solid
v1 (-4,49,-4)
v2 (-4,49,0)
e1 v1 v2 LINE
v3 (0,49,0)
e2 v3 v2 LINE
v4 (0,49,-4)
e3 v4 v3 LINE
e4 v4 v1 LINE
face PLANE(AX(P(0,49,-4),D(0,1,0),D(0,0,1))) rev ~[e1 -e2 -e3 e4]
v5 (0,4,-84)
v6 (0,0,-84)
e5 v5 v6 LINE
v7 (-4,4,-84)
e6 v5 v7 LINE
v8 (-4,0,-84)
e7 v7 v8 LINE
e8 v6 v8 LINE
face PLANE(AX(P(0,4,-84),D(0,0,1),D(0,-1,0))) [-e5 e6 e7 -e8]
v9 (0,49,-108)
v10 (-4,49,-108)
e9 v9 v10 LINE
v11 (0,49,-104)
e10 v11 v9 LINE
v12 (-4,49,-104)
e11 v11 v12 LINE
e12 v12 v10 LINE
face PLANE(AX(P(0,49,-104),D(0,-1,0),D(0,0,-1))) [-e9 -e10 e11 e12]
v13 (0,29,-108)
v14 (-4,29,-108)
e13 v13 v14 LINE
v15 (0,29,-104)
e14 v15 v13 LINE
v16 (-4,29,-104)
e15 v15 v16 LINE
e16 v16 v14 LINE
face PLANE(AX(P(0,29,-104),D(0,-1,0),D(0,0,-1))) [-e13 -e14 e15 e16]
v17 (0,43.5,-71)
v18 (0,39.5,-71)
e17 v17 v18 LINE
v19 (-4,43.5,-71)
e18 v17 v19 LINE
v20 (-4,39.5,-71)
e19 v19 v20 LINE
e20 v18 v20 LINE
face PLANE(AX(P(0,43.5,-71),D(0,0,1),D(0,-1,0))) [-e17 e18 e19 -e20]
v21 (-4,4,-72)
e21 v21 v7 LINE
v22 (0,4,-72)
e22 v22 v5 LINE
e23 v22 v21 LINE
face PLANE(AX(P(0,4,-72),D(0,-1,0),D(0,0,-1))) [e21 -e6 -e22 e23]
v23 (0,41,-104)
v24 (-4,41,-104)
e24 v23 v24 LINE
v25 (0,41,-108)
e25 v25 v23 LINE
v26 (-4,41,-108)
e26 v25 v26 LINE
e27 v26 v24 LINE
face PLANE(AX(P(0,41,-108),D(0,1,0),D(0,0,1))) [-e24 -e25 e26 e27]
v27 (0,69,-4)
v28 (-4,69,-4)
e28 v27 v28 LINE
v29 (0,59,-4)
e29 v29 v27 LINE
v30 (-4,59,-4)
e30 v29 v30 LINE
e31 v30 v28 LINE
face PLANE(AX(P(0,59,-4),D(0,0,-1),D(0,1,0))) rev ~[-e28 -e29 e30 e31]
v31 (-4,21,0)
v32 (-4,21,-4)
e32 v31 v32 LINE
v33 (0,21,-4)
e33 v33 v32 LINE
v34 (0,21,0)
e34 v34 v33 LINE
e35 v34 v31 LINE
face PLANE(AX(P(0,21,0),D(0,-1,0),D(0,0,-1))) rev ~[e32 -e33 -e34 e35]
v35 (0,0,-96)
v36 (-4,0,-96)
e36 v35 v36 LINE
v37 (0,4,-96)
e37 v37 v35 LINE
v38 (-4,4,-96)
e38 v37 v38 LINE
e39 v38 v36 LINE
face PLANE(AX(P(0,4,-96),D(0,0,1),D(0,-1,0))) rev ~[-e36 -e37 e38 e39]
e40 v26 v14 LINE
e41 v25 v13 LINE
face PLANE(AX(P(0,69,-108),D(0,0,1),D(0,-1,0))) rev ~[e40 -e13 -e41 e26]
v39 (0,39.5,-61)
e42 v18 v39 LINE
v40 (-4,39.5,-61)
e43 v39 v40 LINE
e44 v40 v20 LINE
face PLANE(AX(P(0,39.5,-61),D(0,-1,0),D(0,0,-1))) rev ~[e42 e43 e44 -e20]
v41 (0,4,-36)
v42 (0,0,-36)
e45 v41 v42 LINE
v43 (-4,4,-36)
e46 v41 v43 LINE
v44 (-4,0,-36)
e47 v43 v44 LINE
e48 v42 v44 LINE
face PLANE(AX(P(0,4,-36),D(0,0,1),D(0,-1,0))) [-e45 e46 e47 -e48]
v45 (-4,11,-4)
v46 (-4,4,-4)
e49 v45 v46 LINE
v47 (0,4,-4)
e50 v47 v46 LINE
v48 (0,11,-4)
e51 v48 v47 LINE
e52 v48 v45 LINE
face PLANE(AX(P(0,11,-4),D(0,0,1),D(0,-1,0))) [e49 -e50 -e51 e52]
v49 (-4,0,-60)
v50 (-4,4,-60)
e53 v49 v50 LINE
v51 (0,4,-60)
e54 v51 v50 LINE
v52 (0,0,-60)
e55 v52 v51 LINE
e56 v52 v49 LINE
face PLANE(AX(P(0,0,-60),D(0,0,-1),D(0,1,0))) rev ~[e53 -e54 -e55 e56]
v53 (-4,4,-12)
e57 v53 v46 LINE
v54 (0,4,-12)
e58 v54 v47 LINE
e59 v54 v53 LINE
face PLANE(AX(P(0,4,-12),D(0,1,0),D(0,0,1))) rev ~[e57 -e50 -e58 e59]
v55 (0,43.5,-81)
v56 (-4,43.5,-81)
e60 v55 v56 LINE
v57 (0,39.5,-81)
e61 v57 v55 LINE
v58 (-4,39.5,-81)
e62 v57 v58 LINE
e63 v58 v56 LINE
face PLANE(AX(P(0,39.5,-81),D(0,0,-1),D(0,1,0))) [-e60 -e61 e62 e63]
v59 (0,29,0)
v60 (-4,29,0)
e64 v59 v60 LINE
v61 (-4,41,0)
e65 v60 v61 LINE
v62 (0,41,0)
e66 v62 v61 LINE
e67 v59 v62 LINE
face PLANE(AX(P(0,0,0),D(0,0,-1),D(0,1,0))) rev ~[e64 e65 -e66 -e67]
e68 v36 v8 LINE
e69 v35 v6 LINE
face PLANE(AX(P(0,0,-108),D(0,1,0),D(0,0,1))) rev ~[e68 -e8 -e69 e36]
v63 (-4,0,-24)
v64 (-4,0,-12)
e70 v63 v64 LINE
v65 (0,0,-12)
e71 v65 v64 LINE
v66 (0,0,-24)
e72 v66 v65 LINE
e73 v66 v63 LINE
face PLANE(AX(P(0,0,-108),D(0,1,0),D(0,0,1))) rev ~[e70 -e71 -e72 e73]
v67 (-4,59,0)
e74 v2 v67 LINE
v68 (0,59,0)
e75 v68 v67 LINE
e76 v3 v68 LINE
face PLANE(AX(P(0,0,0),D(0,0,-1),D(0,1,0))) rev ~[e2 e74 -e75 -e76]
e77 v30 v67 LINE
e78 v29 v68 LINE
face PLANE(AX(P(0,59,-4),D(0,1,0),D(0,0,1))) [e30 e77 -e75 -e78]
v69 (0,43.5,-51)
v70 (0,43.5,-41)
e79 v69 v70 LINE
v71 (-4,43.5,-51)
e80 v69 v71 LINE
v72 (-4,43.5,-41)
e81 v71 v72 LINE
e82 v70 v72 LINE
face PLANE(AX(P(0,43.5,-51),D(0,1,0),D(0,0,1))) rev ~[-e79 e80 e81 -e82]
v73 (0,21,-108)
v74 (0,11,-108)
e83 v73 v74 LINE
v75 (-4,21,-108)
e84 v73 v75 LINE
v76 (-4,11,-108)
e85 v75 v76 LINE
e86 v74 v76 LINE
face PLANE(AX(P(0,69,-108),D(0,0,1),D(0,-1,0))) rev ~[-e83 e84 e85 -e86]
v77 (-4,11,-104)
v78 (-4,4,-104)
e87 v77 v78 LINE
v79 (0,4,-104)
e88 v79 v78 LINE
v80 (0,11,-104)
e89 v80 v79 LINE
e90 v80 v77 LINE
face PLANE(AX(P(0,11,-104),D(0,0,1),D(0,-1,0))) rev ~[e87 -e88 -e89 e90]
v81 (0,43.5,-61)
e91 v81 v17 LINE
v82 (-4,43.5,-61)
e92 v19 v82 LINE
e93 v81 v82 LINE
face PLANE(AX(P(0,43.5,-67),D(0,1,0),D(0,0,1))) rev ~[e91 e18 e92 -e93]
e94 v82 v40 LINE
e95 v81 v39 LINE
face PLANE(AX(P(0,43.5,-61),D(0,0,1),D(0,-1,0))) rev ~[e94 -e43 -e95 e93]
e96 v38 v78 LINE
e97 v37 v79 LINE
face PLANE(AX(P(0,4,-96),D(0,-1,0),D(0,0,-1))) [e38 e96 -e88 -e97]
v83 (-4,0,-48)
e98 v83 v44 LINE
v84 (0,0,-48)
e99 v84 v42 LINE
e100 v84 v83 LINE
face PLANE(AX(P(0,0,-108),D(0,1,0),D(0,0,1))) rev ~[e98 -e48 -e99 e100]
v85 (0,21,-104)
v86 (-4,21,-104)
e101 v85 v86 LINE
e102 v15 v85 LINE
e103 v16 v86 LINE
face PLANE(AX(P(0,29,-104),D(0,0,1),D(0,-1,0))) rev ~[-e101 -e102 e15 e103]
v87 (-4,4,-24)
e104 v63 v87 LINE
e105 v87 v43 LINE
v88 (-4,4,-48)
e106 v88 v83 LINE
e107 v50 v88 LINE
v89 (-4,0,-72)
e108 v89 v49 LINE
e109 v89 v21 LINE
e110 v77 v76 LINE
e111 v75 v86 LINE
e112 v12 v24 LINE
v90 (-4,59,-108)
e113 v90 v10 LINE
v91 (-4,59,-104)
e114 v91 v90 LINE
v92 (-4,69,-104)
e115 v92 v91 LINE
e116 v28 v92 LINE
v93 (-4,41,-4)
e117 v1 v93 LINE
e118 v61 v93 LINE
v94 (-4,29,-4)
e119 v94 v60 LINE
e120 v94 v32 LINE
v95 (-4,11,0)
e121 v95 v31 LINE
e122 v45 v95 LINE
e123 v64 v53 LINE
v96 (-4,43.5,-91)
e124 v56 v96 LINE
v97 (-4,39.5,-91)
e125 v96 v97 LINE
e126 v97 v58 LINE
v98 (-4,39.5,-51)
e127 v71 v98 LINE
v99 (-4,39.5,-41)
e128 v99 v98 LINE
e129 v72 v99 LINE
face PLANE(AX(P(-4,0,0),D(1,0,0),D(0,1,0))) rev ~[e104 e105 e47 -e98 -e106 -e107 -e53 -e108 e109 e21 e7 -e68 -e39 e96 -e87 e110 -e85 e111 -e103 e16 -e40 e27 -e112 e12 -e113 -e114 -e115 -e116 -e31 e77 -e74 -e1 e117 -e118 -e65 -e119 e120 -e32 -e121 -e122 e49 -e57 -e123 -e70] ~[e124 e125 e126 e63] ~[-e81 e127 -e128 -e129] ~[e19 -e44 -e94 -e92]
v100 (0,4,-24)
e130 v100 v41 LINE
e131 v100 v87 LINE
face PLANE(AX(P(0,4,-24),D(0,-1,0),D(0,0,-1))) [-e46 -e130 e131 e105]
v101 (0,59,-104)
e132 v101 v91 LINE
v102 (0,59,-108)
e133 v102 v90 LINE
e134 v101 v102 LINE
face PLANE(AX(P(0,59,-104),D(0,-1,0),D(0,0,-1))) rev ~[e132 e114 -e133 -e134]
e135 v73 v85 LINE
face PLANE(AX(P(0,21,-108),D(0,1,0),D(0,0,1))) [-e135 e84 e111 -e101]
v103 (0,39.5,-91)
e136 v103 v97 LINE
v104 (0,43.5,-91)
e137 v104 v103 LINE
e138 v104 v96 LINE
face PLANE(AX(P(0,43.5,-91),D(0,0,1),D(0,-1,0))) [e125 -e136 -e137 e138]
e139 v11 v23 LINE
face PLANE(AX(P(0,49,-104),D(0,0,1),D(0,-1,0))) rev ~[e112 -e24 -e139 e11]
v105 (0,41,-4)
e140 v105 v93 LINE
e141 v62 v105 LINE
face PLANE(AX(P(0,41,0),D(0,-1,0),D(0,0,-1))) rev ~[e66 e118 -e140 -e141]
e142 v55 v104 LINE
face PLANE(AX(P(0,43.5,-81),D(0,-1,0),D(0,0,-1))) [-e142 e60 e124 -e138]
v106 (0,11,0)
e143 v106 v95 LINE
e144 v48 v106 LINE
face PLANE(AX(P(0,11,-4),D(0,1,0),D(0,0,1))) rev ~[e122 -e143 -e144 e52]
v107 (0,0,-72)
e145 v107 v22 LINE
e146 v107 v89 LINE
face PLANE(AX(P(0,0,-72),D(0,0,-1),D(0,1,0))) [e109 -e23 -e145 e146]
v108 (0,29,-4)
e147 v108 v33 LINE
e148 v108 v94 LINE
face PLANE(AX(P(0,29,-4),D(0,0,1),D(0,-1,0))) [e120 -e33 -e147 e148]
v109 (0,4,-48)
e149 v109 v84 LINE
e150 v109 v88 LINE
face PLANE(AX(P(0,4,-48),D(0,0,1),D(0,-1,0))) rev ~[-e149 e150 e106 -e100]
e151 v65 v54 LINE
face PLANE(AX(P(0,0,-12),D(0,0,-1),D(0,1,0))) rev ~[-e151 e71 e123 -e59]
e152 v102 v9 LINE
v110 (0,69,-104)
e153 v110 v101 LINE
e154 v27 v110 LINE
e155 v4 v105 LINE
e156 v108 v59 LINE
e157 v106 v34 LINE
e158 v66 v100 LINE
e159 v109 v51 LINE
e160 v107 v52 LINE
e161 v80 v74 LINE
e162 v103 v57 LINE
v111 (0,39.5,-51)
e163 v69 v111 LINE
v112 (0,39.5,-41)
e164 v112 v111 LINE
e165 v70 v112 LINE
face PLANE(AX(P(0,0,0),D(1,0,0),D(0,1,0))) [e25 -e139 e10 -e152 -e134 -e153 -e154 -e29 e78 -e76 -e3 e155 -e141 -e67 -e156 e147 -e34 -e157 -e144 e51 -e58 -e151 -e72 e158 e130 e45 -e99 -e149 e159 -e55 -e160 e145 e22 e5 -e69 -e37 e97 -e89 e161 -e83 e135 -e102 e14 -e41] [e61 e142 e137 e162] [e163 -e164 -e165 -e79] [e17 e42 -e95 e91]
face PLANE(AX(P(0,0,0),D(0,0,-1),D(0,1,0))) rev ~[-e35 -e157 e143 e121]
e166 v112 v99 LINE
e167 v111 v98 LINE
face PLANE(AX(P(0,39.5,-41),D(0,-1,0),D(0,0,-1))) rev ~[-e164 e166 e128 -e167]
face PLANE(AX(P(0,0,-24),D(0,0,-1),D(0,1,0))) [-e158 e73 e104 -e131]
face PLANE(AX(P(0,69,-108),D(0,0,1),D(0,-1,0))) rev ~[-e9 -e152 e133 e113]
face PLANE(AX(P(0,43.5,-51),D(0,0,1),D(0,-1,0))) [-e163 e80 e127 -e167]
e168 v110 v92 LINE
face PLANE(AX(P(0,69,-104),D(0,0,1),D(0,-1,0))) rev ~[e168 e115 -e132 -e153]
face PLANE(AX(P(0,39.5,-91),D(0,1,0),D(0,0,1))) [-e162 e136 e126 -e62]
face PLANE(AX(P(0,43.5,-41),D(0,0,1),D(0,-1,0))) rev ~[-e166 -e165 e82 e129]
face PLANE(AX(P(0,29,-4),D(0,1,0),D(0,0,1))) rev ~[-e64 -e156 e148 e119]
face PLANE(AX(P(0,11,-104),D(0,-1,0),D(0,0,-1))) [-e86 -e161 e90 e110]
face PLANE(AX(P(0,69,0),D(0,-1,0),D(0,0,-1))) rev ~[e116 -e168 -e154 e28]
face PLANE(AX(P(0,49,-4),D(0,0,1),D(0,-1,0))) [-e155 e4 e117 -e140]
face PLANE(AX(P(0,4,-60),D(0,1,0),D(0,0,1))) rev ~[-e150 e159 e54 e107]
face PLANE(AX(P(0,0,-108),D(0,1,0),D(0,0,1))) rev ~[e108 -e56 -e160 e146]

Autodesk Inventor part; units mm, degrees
ref_plane "YZ Plane" through (0, 0, 0) normal (1, 0, 0) x (0, 1, 0)
ref_plane "XZ Plane" through (0, 0, 0) normal (0, 1, 0) x (-1, 0, 0)
ref_plane "XY Plane" through (0, 0, 0) normal (0, 0, 1) x (1, 0, 0)
sketch "Sketch1" plane through (0, 0, 0) normal (1, 0, 0) x (0, 1, 0)
  line L0 (0, 0) -> (69, 0)
  line L1 (69, 0) -> (69, -108)
  line L2 (69, -108) -> (0, -108)
  line L3 (0, -108) -> (0, 0)
  dimension "d228" = 69
  dimension "d229" = 108
extrude "Extrusion1" add sketch "Sketch1" against normal blind 4
sketch "Sketch2" plane through (0, 0, 0) normal (1, 0, 0) x (0, 0, -1)
  line L0 (54, 69) -> (54, 0)
  line L1 (108, 0) -> (0, 0) projected
  line L2 (0, 0) -> (0, 69) projected
  line L3 (0, 34.5) -> (108, 34.5)
  line L4 (108, 69) -> (108, 0) projected
  line L5 (0, 0) -> (108, 0)
  line L6 (12, 0) -> (12, 4)
  line L7 (4, 0) -> (12, 0)
  line L8 (4, 59) -> (4, 49)
  line L9 (4, 49) -> (0, 49)
  line L10 (0, 49) -> (0, 41)
  line L11 (0, 41) -> (4, 41)
  line L12 (4, 41) -> (4, 29)
  line L13 (4, 29) -> (0, 29)
  line L14 (0, 29) -> (0, 21)
  line L15 (0, 21) -> (4, 21)
  line L16 (4, 21) -> (4, 11)
  line L17 (4, 11) -> (0, 11)
  line L18 (0, 69) -> (0, 0) projected
  line L19 (108, 0) -> (108, 69)
  line L20 (108, 34.5) -> (0, 34.5)
  line L21 (108, 49) -> (108, 41)
  line L22 (108, 29) -> (108, 21)
  line L23 (108, 69) -> (108, 0)
  line L24 (4, 59) -> (0, 59)
  line L25 (0, 0) -> (108, 0) projected
  line L26 (108, 69) -> (0, 69) projected
  line L27 (108, 0) -> (108, 69)
  line L28 (108, 34.5) -> (0, 34.5)
  line L29 (104, 59) -> (104, 49)
  line L30 (104, 49) -> (108, 49)
  line L31 (108, 49) -> (108, 41)
  line L32 (108, 41) -> (104, 41)
  line L33 (104, 41) -> (104, 29)
  line L34 (104, 29) -> (108, 29)
  line L35 (108, 29) -> (108, 21)
  line L36 (108, 21) -> (104, 21)
  line L37 (104, 21) -> (104, 11)
  line L38 (104, 11) -> (108, 11)
  line L39 (108, 69) -> (108, 0)
  line L40 (0, 34.5) -> (108, 34.5)
  line L41 (104, 59) -> (108, 59)
  line L42 (4, 49) -> (4, 41)
  line L43 (4, 29) -> (4, 21)
  line L44 (4, 59) -> (4, 69)
  line L45 (0, 69) -> (108, 69) projected
  line L46 (104, 69) -> (104, 59)
  line L47 (104, 49) -> (104, 41)
  line L48 (104, 29) -> (104, 21)
  line L49 (12, 0) -> (24, 0)
  line L50 (24, 0) -> (24, 4)
  line L51 (24, 4) -> (36, 4)
  line L52 (36, 4) -> (36, 0)
  line L53 (36, 0) -> (24, 0)
  line L54 (36, 0) -> (48, 0)
  line L55 (60, 0) -> (48, 0)
  line L56 (60, 0) -> (72, 0)
  line L57 (72, 0) -> (72, 4)
  line L58 (72, 4) -> (84, 4)
  line L59 (84, 4) -> (84, 0)
  line L60 (84, 0) -> (72, 0)
  line L61 (12, 4) -> (0, 4)
  line L62 (4, 11) -> (4, 0)
  line L63 (104, 11) -> (104, 0)
  line L64 (106, 0) -> (96, 0)
  line L65 (84, 0) -> (96, 0)
  line L66 (48, 0) -> (60, 0)
  line L67 (60, 0) -> (72, 0)
  line L68 (96, 0) -> (106, 0)
  line L69 (108, 4) -> (108, 11)
  line L70 (60, 0) -> (60, 4)
  line L71 (48, 4) -> (48, 0)
  line L72 (60, 4) -> (48, 4)
  line L73 (96, 4) -> (108, 4)
  line L74 (96, 4) -> (96, 0)
  line L75 (108, 0) -> (108, 69) projected
  line L76 (108, 4) -> (108, 0)
  point P0 (12, 0)
  point P1 (108, 29)
  point P2 (108, 41)
  point P3 (108, 49)
  point P4 (108, 59)
  point P5 (108, 11)
  point P6 (108, 21)
  point P7 (84, 0)
  point P8 (104, 0)
  point P9 (36, 0)
  point P10 (4, 4)
  point P11 (104, 4)
  dimension "d246" = 12
  dimension "d248" = 10
  dimension "d250" = 8
  dimension "d253" = 4
  dimension "d256" = 10
  dimension "d257" = 12
  dimension "d259" = 12
extrude "Extrusion2" cut sketch "Sketch2" against normal blind 4 contours L26 L4 L41 L46 | L44 L24 L2 L26 | L72 L70 L1 L0 | L0 L1 L71 L72 | L11 L2 L9 L42 | L43 L15 L2 L13 | L47 L30 L4 L32 | L34 L4 L36 L48 | L57 L58 L59 L1 | L1 L50 L51 L52 | L62 L61 L2 L17 | L38 L4 L73 L63 | L62 L1 L2 L61 | L61 L6 L1 L62 | L73 L4 L1 L63 | L63 L1 L74 L73
sketch "Sketch3" plane through (0, 0, 0) normal (1, 0, 0) x (0, 0, -1)
  line L0 (41, 39.5) -> (81, 39.5)
  line L1 (81, 39.5) -> (81, 43.5)
  line L2 (81, 43.5) -> (41, 43.5)
  line L3 (41, 43.5) -> (41, 39.5)
  line L4 (48, 4) -> (60, 4) projected
  line L5 (67, 43.5) -> (67, 39.5)
  line L6 (104, 69) -> (4, 69) projected
  line L7 (54, 69) -> (54, 4)
  line L8 (60, 4) -> (48, 4) projected
  line L9 (51, 43.5) -> (51, 39.5)
  line L10 (81, 43.5) -> (91, 43.5)
  line L11 (91, 43.5) -> (91, 39.5)
  line L12 (91, 39.5) -> (81, 39.5)
  line L13 (81, 39.5) -> (81, 43.5)
  line L14 (61, 43.5) -> (61, 39.5)
  line L15 (71, 43.5) -> (71, 39.5)
  point P0 (0, 0)
  dimension "d265" = 35.5
  dimension "d266" = 26
  dimension "d267" = 10
  dimension "d272" = 4
  dimension "d274" = 10
  dimension "d275" = 10
  dimension "d276" = 10
  dimension "d277" = 10
extrude "Extrusion3" cut sketch "Sketch3" against normal blind 4 contours L3 L2 L9 L0 | L14 L2 L5 L0 | L5 L2 L15 L0 | L1 L10 L11 L12
properties part number "Langbektang houder"
